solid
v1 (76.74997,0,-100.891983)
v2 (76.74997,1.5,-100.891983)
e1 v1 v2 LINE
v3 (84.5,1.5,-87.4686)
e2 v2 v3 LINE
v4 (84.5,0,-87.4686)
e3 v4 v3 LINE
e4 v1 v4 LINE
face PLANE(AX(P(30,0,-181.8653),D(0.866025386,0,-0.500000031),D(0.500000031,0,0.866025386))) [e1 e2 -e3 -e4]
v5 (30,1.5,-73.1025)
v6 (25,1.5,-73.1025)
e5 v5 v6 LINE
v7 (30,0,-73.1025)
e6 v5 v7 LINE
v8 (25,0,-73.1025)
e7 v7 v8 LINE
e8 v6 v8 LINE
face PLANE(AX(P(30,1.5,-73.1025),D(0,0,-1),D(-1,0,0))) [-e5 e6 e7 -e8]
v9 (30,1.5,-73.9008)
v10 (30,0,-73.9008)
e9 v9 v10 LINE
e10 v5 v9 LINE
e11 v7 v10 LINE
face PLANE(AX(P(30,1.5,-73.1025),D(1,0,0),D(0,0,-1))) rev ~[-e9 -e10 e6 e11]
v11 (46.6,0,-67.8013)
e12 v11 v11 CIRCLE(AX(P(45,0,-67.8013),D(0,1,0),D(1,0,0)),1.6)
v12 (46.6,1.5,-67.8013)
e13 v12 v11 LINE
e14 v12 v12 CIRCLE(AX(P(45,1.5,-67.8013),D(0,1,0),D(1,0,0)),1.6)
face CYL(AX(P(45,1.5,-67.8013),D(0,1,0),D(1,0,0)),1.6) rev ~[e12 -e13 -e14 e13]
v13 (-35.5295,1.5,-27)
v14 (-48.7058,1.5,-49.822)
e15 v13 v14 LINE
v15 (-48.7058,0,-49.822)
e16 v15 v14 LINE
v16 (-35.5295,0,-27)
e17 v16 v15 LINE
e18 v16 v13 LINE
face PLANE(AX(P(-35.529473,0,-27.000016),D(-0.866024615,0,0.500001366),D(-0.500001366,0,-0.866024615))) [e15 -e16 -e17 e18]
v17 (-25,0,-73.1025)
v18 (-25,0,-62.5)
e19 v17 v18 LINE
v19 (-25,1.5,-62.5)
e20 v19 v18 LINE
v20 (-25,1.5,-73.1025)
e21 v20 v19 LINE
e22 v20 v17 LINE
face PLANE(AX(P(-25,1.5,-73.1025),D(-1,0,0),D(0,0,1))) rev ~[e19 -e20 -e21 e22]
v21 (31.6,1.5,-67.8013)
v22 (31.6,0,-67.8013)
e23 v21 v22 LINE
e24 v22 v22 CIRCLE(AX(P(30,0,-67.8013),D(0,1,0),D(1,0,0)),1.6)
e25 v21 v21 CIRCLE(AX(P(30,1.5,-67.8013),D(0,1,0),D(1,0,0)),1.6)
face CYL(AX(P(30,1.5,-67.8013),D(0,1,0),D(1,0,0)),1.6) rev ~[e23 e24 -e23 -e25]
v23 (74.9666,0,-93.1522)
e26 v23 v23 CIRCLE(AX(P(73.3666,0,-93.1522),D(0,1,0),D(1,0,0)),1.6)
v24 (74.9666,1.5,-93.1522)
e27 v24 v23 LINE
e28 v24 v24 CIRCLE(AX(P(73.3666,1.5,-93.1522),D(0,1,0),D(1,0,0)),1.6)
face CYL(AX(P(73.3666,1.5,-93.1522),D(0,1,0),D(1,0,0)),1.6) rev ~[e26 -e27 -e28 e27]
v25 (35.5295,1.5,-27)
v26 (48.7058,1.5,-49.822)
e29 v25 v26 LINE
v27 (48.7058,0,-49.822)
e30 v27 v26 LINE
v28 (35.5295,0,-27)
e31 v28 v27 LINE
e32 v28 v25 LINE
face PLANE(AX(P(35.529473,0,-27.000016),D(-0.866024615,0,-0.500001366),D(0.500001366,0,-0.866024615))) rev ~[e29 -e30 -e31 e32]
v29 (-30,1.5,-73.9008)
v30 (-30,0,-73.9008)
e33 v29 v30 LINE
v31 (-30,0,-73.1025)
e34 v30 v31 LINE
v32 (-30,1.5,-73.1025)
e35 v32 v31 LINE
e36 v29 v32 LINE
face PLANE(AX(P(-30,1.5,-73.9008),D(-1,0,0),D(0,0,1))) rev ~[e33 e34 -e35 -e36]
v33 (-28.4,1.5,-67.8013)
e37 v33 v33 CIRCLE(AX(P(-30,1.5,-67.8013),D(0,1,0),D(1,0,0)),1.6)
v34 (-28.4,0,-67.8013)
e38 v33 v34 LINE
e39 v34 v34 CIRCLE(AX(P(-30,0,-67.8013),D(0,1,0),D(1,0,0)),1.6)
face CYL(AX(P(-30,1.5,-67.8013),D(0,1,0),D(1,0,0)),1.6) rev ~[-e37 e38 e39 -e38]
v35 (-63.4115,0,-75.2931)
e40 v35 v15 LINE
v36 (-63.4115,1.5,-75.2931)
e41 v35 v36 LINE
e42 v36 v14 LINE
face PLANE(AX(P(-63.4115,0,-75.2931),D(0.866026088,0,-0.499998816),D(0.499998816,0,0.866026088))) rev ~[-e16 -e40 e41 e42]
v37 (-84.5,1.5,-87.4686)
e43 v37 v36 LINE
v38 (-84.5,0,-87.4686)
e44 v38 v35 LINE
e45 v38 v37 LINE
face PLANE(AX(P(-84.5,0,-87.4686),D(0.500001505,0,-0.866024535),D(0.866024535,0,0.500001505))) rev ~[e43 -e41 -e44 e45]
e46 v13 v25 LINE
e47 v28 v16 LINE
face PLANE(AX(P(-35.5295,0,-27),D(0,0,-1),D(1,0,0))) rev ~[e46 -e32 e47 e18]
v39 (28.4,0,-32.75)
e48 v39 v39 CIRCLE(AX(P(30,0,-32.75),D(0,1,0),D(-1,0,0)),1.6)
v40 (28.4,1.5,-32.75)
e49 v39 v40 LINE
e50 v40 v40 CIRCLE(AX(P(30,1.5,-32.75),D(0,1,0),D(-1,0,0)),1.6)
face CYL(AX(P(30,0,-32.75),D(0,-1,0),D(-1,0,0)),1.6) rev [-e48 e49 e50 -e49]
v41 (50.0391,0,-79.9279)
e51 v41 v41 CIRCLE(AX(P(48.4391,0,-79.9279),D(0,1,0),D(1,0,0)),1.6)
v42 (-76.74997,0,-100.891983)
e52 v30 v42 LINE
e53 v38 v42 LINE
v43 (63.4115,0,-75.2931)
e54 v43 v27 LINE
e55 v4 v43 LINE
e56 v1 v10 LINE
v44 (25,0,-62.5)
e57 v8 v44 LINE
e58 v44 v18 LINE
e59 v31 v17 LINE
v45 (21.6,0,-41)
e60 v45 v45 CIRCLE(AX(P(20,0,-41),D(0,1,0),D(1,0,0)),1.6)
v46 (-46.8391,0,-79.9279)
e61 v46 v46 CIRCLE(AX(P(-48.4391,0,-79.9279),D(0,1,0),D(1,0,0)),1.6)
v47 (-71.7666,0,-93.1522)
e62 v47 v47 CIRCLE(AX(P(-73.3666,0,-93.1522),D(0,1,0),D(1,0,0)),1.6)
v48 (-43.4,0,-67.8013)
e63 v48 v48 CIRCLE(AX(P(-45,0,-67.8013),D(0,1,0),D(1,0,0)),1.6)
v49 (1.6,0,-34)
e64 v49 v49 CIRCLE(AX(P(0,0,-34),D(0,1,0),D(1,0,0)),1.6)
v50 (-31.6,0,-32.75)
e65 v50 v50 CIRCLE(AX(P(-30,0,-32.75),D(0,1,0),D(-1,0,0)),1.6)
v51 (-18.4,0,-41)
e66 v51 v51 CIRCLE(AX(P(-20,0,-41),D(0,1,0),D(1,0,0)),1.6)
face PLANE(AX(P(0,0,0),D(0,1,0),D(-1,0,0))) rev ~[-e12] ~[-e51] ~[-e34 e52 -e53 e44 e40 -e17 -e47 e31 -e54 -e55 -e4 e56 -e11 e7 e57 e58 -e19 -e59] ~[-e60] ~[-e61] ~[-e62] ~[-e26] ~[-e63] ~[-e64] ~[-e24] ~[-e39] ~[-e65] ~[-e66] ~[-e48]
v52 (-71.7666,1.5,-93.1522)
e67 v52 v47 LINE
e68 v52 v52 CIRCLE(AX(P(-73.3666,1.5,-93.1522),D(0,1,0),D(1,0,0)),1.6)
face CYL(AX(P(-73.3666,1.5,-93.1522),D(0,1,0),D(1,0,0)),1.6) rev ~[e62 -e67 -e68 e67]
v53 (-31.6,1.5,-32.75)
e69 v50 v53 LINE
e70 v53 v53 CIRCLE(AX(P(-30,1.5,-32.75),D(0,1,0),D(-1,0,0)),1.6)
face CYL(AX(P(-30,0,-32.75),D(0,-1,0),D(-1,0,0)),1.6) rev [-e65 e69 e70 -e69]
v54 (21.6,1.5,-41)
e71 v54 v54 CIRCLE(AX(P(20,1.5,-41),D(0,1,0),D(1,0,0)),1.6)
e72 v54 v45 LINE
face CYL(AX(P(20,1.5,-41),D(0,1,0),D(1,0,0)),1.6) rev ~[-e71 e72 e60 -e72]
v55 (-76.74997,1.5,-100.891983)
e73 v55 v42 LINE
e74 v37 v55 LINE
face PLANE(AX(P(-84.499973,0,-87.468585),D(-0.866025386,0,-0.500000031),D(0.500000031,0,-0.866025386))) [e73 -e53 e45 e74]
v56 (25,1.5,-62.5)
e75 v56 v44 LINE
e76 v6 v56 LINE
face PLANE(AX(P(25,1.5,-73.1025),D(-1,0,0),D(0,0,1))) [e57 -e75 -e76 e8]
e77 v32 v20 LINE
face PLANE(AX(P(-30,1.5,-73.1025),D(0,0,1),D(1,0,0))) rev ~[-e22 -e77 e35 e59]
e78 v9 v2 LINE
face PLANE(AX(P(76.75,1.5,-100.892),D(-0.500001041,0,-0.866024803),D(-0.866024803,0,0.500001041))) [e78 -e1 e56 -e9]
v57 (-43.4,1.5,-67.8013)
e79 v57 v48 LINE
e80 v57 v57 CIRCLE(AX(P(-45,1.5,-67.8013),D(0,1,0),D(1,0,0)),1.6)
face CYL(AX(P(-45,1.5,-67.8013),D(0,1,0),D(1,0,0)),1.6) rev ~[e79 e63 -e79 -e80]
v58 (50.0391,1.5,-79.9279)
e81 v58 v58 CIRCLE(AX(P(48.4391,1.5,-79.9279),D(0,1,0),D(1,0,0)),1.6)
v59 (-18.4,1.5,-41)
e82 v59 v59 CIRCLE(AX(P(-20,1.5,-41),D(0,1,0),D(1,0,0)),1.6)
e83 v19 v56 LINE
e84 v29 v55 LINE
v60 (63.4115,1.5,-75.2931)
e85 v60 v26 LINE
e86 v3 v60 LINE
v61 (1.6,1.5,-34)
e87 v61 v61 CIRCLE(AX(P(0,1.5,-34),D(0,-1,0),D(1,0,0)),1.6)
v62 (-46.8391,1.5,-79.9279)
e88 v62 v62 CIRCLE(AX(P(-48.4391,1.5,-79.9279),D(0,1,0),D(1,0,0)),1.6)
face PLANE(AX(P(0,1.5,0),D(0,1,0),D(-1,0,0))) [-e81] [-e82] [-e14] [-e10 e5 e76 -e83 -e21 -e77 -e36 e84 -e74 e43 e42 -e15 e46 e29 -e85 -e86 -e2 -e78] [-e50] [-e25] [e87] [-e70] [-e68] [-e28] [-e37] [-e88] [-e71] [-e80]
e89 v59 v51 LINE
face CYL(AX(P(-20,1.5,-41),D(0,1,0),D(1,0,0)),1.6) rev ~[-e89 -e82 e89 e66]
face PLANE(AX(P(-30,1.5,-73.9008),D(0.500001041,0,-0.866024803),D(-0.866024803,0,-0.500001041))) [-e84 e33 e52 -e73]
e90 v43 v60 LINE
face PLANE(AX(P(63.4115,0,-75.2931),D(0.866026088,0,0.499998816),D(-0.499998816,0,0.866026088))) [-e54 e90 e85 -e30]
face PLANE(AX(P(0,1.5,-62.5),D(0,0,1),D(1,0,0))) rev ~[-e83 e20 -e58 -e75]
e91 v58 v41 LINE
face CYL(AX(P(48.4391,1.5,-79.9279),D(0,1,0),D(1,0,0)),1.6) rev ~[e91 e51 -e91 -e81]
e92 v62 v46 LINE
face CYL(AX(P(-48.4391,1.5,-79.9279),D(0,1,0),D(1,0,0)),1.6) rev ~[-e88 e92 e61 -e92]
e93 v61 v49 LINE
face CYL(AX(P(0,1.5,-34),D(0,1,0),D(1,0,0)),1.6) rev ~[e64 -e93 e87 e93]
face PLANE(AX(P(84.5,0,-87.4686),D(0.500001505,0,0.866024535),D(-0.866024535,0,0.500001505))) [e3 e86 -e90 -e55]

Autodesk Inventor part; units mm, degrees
ref_plane "YZ Plane" through (0, 0, 0) normal (1, 0, 0) x (0, 1, 0)
ref_plane "XZ Plane" through (0, 0, 0) normal (0, 1, 0) x (-1, 0, 0)
ref_plane "XY Plane" through (0, 0, 0) normal (0, 0, 1) x (1, 0, 0)
sketch "スケッチ1" plane through (0, 0, 0) normal (0, 1, 0) x (-1, 0, 0)
  line L0 (75, 0) -> (105, -51.9615)
  line L1 (-75, 0) -> (-105, -51.9615)
  line L2 (0, -218.2384) -> (0, 36.3731)
  line L3 (147, 0) -> (-147, 0)
  line L4 (105, -51.9615) -> (30, -181.8653)
  line L5 (30, -181.8653) -> (-30, -181.8653)
  line L6 (-30, -181.8653) -> (-105, -51.9615)
  line L7 (75, 0) -> (-75, 0)
  line L8 (34, 0) -> (34, -24.3509)
  line L9 (34, -24.3509) -> (48.7058, -49.822)
  line L10 (48.7058, -49.822) -> (90, -25.9808)
  line L11 (45, 0) -> (45, -18) construction
  line L12 (45, -18) -> (34, -24.3509) construction
  line L13 (84.5, -87.4686) -> (63.4115, -75.2931)
  line L14 (63.4115, -75.2931) -> (48.7058, -49.822)
  line L15 (-34, 0) -> (-34, -24.3509)
  line L16 (-34, -24.3509) -> (-48.7058, -49.822)
  line L17 (-63.4115, -75.2931) -> (-48.7058, -49.822)
  line L18 (-84.5, -87.4686) -> (-63.4115, -75.2931)
  circle A0 centre (30, -32.75) radius 1.6
  circle A1 centre (-30, -32.75) radius 1.6
  line L19 (35.5295, -27) -> (-35.5295, -27)
  point P0 (0, 0)
  point P1 (0, 0)
  point P2 (0, -27)
  dimension "d1" = 150
  dimension "d2" = 60
  dimension "d3" = 60
  dimension "d6" = 60
  dimension "d30" = 60
  dimension "d31" = 18
  dimension "d32" = 30
  dimension "d33" = 41
  dimension "d34" = 3.2
  dimension "d35" = 30
  dimension "d36" = 32.75
  dimension "d37" = 27
extrude "プレート1" add sketch "スケッチ1" along normal blind 1.5 contours L14 L13 L4 L5 L2 L19 L9 | L2 L5 L6 L18 L17 L16 L19
sketch "スケッチ4" plane through (0, 1.5, 0) normal (0, 1, 0) x (1, 0, 0)
  circle A0 centre (30, 67.8013) radius 1.6
  circle A1 centre (45, 67.8013) radius 1.6
  line L0 (0, 218.2384) -> (0, -36.3731)
  circle A2 centre (-30, 67.8013) radius 1.6
  circle A3 centre (-45, 67.8013) radius 1.6
  line L1 (61.6173, 73.1025) -> (25, 73.1025)
  line L2 (25, 73.1025) -> (25, 62.5)
  line L3 (-61.6173, 73.1025) -> (-25, 73.1025)
  line L4 (-25, 73.1025) -> (-25, 62.5)
  line L5 (-25, 62.5) -> (25, 62.5)
  line L6 (-30, 73.1025) -> (30, 73.1025)
  line L7 (30, 73.1025) -> (30, 181.8653)
  line L8 (30, 181.8653) -> (-30, 181.8653)
  line L9 (-30, 181.8653) -> (-30, 73.1025)
  line L10 (-25, 62.5) -> (25, 62.5)
  line L11 (25, 62.5) -> (25, 73.1025)
  line L12 (25, 73.1025) -> (-25, 73.1025)
  line L13 (-25, 73.1025) -> (-25, 62.5)
  line L14 (30, 181.8653) -> (84.5, 87.4686)
  line L15 (76.75, 100.892) -> (30, 73.9008)
  line L16 (-30, 73.9008) -> (-76.75, 100.892)
  line L17 (-84.5, 87.4686) -> (-30, 181.8653)
  line L18 (84.5, 87.4686) -> (63.4115, 75.2931)
  line L19 (-63.4115, 75.2931) -> (-84.5, 87.4686)
  line L20 (-35.5295, 27) -> (-63.4115, 75.2931)
  line L21 (62.8673, 70.9375) -> (54.6673, 85.1403)
  arc A4 (54.6673, 85.1403) -> (44.275, 79.1403) centre (49.4712, 82.1403) ccw
  line L22 (44.275, 79.1403) -> (52.475, 64.9375)
  line L23 (52.475, 64.9375) -> (62.8673, 70.9375)
  line L24 (51.2321, 85.1903) -> (52.993, 82.1403)
  line L25 (52.993, 82.1403) -> (51.2321, 79.0903)
  line L26 (51.2321, 79.0903) -> (47.7102, 79.0903)
  line L27 (47.7102, 79.0903) -> (45.9493, 82.1403)
  line L28 (45.9493, 82.1403) -> (47.7102, 85.1903)
  line L29 (47.7102, 85.1903) -> (51.2321, 85.1903)
  point P0 (0, 0)
extrude "切り取り3" cut sketch "スケッチ4" against normal blind 1.5 contours A0 | A1 | L8 L7 L1 L6 L0 | L0 L6 L3 L9 L8 | L6 L2 L5 L0 | L0 L5 L4 L6 | L14 L15 A4 L7 | L9 L16 L17 | A4 L15 L29 L28 | L28 L29 L15 | A2 | A3
sketch "スケッチ5" plane through (0, 1.5, 0) normal (0, 1, 0) x (1, 0, 0)
  line L0 (-75, 44) -> (75, 44) projected
  circle A0 centre (-20, 41) radius 3
  circle A1 centre (20, 41) radius 3
  line L1 (-25, 62.5) -> (25, 62.5) projected
  line L2 (0, 62.5) -> (0, 27)
  line L3 (35.5295, 27) -> (-35.5295, 27) projected
  circle A2 centre (-20, 41) radius 1.6
  circle A3 centre (20, 41) radius 1.6
  circle A4 centre (0, 34) radius 1.6
  point P0 (0, 0)
  dimension "d41" = 6
  dimension "d42" = 6
  dimension "d43" = 40
  dimension "d44" = 3.2
  dimension "d45" = 3.2
  dimension "d46" = 3.2
  dimension "d47" = 7
extrude "切り取り4" cut sketch "スケッチ5" against normal blind 1.5 contours A4 L2 | L2 A4 | A2 | A3
sketch "スケッチ6" plane through (0, 1.5, 0) normal (0, 1, 0) x (1, 0, 0)
  ellipse E0 centre (-73.3666, 93.1522) end of major axis (-72.2841, 92.5272) minor radius 1.2133 projected
  circle A0 centre (-48.4391, 79.9279) radius 1.6
  circle A1 centre (-73.3666, 93.1522) radius 1.6
  line L0 (0, 0) -> (0, 20.4537)
  circle A2 centre (48.4391, 79.9279) radius 1.6
  circle A3 centre (73.3666, 93.1522) radius 1.6
  circle A4 centre (-48.4391, 79.9279) radius 1.35 projected
  dimension "d51" = 3.2
  dimension "d52" = 3.2
extrude "切り取り5" cut sketch "スケッチ6" against normal blind 1.5 contours E0 | A0 | A1 | A2 | A3 | A4
equation "\"d3\" = d2"
equation "\"d38\" = Thickness"
equation "\"d41\" = d42"
equation "\"d48\" = Thickness"
equation "\"d53\" = Thickness"
equation "\"d16\" = Thickness"
equation "\"BendRadius\" = Thickness"
equation "\"BendReliefWidth\" = Thickness"
equation "\"BendReliefDepth\" = 0.5 * Thickness"
equation "\"CornerReliefSize\" = 4 * Thickness"
equation "\"MinimumRemnant\" = 2 * Thickness"
equation "\"TransitionRadius\" = BendRadius"
equation "\"JacobiRadiusSize\" = BendRadius"
equation "\"GapSize\" = Thickness"
equation "\"Thickness\" = 1.5"
properties part number "upper_plate" material "アルミニウム 6061"
